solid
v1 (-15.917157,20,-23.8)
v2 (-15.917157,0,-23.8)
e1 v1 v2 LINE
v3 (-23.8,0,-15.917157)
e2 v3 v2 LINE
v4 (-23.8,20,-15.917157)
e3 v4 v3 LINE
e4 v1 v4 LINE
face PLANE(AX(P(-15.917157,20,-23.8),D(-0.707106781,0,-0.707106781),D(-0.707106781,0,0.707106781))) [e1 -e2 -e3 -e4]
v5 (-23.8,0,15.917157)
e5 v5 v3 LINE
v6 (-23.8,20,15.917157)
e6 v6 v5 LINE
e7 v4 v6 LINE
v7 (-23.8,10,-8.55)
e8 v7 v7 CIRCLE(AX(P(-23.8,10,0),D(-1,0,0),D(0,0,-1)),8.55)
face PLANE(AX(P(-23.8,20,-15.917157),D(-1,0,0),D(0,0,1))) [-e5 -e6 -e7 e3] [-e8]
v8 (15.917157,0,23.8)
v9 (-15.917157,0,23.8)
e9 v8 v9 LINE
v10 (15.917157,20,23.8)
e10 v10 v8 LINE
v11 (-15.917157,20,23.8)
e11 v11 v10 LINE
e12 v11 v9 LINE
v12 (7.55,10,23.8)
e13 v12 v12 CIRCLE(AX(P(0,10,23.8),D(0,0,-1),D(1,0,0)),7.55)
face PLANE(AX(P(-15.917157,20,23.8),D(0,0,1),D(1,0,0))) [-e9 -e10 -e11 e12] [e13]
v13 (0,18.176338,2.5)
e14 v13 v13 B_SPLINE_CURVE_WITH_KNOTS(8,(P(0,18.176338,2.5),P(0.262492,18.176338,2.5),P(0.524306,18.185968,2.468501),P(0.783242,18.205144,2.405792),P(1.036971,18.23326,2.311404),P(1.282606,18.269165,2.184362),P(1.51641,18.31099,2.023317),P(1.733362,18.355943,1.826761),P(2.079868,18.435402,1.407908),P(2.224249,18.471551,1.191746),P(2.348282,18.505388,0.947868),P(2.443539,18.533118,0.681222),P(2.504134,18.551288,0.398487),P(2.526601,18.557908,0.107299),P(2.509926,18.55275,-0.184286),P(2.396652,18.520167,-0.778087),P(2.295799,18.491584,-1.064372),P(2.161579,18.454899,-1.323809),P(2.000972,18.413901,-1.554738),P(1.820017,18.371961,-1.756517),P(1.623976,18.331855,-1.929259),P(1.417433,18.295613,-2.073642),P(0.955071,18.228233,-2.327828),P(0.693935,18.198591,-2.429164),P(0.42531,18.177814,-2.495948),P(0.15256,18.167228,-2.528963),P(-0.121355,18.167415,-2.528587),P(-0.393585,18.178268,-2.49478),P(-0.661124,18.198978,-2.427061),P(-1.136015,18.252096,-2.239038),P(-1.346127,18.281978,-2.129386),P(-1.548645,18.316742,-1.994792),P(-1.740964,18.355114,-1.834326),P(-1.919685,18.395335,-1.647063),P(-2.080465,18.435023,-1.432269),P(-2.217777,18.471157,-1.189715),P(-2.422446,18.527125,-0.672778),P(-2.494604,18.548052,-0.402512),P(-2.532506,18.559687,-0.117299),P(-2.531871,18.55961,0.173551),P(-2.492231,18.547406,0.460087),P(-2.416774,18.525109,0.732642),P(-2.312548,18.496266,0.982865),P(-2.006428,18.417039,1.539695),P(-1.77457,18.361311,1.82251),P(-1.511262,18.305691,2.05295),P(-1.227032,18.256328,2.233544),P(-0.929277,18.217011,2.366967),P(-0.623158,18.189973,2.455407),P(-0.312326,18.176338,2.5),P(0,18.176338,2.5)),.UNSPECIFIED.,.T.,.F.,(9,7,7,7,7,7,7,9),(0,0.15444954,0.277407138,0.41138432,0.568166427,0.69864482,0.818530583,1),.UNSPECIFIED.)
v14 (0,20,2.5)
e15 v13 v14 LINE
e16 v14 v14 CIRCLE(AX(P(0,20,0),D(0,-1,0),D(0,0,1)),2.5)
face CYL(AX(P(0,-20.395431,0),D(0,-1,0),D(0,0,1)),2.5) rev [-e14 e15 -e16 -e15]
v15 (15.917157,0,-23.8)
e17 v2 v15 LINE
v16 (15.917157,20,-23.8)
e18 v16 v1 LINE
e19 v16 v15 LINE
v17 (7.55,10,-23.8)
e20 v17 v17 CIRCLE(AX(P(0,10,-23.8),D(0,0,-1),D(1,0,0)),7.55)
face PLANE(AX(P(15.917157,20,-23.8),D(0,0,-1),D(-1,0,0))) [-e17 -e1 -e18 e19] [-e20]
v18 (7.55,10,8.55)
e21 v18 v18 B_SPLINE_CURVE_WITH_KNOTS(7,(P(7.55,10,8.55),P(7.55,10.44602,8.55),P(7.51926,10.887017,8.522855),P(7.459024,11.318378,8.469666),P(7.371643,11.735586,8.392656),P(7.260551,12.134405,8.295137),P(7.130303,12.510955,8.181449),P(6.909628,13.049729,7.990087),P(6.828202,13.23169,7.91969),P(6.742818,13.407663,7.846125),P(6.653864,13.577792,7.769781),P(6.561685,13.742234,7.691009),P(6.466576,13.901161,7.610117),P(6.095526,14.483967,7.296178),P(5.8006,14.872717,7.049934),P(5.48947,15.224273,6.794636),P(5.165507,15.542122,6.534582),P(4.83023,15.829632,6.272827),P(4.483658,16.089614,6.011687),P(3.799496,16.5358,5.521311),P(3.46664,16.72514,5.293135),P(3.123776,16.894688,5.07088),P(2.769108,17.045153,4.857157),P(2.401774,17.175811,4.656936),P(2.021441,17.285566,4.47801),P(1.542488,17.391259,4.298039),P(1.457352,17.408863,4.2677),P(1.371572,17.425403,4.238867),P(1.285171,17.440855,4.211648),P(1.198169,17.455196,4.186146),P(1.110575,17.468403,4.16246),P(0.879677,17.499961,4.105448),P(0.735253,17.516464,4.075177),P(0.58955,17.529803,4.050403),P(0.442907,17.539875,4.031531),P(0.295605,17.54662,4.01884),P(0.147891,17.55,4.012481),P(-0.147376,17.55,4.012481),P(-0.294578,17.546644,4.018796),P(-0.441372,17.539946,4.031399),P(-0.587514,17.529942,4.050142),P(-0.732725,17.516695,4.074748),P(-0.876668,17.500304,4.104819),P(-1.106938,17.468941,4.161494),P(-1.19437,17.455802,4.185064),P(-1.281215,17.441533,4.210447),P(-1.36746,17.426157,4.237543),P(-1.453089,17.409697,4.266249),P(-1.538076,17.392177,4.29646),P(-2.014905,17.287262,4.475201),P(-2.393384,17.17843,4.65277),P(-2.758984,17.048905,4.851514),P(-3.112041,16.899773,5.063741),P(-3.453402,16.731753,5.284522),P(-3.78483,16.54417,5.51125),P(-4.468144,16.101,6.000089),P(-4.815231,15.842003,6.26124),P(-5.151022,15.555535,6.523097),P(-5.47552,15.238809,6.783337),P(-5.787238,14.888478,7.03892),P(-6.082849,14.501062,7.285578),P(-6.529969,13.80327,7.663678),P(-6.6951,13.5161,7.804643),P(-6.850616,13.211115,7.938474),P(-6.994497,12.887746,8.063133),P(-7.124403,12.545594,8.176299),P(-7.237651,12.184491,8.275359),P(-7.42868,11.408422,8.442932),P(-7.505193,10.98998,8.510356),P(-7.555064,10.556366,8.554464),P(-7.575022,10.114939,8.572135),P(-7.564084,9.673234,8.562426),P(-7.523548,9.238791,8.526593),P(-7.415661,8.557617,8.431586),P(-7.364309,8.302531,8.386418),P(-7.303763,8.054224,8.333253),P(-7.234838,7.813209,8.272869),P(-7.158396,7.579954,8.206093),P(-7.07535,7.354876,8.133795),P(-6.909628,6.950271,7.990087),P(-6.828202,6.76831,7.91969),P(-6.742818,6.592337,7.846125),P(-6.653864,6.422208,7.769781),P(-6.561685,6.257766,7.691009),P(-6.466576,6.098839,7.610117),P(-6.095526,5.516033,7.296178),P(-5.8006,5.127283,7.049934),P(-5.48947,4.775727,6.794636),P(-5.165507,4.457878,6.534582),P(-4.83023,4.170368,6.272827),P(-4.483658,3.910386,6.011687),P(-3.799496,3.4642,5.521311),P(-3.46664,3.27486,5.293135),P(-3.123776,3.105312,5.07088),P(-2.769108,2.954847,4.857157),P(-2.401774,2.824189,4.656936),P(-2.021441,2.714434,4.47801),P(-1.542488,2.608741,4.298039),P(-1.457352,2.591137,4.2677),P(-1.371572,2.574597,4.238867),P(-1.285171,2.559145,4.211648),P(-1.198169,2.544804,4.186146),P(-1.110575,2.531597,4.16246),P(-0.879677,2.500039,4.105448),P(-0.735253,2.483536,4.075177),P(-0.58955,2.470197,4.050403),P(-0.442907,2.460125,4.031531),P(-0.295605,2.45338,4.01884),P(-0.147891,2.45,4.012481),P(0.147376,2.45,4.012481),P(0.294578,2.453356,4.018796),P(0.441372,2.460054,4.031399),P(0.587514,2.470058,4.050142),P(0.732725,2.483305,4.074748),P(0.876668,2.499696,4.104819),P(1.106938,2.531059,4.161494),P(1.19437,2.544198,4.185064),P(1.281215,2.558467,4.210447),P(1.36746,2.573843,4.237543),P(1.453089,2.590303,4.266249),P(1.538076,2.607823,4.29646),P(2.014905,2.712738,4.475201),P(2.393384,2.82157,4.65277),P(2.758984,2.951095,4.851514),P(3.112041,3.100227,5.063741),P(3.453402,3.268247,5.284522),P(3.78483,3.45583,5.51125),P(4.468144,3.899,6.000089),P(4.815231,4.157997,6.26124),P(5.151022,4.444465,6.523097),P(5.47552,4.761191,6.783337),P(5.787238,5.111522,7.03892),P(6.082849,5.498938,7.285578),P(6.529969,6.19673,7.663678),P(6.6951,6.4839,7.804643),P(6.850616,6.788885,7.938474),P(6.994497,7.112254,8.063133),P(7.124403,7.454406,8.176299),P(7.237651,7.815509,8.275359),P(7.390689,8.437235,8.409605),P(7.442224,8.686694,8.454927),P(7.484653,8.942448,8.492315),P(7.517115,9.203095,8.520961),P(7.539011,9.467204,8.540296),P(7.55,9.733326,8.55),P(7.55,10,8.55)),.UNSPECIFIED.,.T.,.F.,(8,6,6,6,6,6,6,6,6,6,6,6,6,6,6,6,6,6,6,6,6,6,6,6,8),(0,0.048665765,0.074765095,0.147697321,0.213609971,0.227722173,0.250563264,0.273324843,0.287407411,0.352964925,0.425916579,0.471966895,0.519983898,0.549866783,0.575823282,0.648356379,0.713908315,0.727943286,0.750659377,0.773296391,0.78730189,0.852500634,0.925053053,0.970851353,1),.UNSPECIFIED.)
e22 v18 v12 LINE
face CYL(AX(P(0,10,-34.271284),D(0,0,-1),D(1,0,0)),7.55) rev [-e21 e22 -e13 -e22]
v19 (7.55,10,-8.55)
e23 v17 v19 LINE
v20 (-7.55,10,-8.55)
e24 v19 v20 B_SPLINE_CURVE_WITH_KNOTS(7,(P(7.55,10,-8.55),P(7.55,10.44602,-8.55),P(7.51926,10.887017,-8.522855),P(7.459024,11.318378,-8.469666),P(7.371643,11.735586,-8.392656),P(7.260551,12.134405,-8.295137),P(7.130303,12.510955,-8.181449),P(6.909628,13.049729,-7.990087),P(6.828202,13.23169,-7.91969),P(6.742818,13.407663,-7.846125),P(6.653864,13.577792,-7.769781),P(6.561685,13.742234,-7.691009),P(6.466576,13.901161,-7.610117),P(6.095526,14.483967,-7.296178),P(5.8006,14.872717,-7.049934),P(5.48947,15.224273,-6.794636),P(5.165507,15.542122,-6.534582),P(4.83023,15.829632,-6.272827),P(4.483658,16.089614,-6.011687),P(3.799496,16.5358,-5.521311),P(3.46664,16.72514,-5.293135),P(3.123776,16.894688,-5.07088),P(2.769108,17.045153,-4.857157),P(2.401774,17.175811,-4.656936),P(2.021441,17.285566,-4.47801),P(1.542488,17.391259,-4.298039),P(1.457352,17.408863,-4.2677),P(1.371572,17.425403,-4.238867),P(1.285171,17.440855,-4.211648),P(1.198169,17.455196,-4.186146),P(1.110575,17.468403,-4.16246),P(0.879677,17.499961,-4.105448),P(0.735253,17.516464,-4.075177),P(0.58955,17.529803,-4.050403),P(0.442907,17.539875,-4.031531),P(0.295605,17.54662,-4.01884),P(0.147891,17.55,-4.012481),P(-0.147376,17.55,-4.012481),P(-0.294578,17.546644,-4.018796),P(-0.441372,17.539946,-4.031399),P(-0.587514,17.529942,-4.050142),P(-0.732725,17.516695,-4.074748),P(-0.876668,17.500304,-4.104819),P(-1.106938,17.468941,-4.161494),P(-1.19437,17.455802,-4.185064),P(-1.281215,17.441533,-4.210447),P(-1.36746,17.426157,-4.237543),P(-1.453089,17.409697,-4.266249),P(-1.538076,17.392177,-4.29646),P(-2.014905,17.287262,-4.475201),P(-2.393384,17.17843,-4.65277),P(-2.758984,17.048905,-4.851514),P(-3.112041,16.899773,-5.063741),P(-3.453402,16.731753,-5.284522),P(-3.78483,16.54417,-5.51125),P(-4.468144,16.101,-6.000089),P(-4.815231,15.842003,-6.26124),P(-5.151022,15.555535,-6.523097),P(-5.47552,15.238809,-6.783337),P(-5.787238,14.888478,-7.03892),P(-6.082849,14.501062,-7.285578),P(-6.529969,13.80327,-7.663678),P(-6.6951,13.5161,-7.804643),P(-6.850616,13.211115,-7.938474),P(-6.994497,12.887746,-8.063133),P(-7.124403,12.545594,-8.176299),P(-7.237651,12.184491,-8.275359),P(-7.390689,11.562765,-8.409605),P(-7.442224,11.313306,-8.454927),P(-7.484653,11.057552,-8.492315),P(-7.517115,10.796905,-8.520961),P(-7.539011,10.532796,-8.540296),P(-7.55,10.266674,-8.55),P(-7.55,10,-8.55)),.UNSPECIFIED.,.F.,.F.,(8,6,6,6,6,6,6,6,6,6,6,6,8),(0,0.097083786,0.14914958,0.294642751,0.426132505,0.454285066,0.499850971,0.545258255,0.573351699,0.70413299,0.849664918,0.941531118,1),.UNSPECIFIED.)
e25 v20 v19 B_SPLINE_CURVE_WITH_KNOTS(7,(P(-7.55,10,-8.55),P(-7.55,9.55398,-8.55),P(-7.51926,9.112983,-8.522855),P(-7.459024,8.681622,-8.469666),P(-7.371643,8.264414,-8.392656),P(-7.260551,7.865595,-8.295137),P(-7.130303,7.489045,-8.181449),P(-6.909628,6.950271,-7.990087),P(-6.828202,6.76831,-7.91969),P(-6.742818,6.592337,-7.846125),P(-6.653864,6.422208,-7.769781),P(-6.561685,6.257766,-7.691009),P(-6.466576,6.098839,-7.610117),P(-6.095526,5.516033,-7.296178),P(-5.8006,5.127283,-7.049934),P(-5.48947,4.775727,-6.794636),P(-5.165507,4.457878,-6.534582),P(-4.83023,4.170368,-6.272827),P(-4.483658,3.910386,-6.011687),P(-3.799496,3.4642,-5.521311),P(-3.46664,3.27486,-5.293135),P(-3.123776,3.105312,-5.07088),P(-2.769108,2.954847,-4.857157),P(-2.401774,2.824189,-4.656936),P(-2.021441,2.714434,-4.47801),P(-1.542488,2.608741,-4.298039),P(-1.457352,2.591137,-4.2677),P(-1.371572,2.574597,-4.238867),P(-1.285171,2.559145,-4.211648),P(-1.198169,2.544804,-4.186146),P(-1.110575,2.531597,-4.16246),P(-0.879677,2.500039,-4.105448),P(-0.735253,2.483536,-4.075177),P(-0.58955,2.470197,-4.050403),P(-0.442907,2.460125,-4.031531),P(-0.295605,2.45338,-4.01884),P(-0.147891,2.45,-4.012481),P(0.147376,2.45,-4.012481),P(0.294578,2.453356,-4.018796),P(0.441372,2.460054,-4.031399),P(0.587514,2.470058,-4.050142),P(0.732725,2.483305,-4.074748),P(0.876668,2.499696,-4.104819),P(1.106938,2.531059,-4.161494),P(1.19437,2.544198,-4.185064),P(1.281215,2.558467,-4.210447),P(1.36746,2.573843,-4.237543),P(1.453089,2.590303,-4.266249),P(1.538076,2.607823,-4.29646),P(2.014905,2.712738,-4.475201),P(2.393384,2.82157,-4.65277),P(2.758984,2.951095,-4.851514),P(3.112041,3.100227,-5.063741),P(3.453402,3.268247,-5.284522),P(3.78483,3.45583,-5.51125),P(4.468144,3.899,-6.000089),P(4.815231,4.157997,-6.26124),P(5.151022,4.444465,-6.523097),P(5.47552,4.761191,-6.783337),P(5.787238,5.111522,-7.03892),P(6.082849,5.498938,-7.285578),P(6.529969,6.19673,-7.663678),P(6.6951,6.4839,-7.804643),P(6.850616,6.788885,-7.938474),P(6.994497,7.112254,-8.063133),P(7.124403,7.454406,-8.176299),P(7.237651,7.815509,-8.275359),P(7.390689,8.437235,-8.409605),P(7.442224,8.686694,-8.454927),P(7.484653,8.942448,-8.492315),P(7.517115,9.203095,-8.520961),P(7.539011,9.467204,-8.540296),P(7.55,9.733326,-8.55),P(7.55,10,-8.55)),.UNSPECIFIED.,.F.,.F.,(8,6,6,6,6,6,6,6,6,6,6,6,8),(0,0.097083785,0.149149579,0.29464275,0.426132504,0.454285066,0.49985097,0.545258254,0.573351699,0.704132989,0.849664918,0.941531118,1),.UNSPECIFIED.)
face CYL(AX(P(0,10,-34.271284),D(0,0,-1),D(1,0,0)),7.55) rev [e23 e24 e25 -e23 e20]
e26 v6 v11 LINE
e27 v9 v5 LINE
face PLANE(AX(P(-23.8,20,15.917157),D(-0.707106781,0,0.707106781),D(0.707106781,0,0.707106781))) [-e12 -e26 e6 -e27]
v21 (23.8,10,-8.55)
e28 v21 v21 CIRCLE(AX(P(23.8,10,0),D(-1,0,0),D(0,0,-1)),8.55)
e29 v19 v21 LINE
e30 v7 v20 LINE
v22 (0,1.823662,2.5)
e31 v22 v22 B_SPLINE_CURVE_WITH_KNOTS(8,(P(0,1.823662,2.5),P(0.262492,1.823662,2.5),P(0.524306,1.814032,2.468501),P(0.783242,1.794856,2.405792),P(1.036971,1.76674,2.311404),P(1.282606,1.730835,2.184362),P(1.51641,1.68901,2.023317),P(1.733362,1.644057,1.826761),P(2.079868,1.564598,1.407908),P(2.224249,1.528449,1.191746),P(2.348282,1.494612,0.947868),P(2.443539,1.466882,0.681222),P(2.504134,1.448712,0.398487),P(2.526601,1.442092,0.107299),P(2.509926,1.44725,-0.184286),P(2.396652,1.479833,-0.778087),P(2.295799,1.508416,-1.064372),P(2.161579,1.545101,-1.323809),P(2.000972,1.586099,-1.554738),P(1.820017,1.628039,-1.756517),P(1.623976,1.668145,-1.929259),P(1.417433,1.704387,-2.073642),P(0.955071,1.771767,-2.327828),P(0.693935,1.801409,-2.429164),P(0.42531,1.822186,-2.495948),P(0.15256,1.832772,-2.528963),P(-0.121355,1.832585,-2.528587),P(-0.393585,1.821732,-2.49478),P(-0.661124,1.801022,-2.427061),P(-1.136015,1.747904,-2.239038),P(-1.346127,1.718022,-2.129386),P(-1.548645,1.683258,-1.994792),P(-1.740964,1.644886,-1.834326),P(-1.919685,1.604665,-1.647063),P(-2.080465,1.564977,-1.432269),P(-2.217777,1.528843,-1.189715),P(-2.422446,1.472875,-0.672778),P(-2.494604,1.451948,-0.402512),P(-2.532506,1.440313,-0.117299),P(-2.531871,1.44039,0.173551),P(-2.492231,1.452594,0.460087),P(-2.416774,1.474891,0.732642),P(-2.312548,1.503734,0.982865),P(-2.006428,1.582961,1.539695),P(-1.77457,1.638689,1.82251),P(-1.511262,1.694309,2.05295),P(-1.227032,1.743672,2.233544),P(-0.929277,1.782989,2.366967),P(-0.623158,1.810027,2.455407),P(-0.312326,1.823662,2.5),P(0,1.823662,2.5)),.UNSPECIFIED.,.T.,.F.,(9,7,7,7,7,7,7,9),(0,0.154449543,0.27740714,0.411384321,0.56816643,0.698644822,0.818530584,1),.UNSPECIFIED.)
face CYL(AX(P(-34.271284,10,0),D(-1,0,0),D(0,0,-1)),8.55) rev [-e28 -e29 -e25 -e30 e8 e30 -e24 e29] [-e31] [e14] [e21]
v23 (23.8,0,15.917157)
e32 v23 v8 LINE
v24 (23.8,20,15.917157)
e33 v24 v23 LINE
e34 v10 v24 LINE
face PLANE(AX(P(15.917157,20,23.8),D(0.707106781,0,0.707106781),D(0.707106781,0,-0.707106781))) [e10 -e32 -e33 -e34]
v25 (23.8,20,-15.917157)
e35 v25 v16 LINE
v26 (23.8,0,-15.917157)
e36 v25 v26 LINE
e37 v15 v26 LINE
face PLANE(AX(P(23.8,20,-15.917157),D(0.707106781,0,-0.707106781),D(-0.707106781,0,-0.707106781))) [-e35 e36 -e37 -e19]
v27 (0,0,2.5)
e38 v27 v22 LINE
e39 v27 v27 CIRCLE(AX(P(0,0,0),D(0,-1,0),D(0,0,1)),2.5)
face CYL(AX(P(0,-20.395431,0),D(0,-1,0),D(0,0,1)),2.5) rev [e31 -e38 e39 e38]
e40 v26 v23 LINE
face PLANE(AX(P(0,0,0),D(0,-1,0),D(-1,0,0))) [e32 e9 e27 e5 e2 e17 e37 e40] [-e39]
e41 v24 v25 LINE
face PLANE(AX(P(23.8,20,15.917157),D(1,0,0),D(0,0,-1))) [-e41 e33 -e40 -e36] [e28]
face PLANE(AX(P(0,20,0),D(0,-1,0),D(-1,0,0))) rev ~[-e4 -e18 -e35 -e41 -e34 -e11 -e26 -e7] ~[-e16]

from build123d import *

# Parameters (mm, degrees)
BOSS_EXTRUDE1_DEPTH     = 20
CUT_EXTRUDE1_DEPTH      = 58.271284253
CUT_EXTRUDE1_DEPTH_BACK = 58.271284253
SKETCH2_R               = 7.55
CUT_EXTRUDE2_DEPTH      = 58.271284253
CUT_EXTRUDE2_DEPTH_BACK = 58.271284253
SKETCH3_R               = 8.55
CUT_EXTRUDE3_DEPTH      = 40.395431329
CUT_EXTRUDE3_DEPTH_BACK = 40.395431329
SKETCH4_R               = 2.5
CUT_EXTRUDE4_DEPTH      = 40.39543138


with BuildPart() as part:
    # Sketch1 → Boss-Extrude1 (new body)
    with BuildSketch(Plane(origin=(0, 0, 0), x_dir=(1, 0, 0), z_dir=(0, 1, 0))):
        Polygon((-24, 16), (-16, 24), (16, 24), (24, 16), (24, -16), (16, -24), (-16, -24), (-24, -16), align=None)
    extrude(amount=BOSS_EXTRUDE1_DEPTH)

    # Sketch2 → Cut-Extrude1 (cut, two sides: drawn at the far end of the back side and taken through both)
    with BuildSketch(Plane.XY.offset(24).offset(-CUT_EXTRUDE1_DEPTH_BACK)):
        with Locations((0, 10)):
            Circle(SKETCH2_R)
    extrude(amount=CUT_EXTRUDE1_DEPTH + CUT_EXTRUDE1_DEPTH_BACK, mode=Mode.SUBTRACT)

    # Sketch3 → Cut-Extrude2 (cut, two sides: drawn at the far end of the back side and taken through both)
    with BuildSketch(Plane(origin=(24, 0, 0), x_dir=(0, 0, -1), z_dir=(1, 0, 0)).offset(-CUT_EXTRUDE2_DEPTH_BACK)):
        with Locations((0, 10)):
            Circle(SKETCH3_R)
    extrude(amount=CUT_EXTRUDE2_DEPTH + CUT_EXTRUDE2_DEPTH_BACK, mode=Mode.SUBTRACT)

    # Sketch4 → Cut-Extrude3 (cut, two sides: drawn at the far end of the back side and taken through both)
    with BuildSketch(Plane(origin=(0, 20, 0), x_dir=(1, 0, 0), z_dir=(0, 1, 0)).offset(-CUT_EXTRUDE3_DEPTH_BACK)):
        with Locations(Location((0, 0, 0), (0, 0, 270))):
            Circle(SKETCH4_R)
    extrude(amount=CUT_EXTRUDE3_DEPTH + CUT_EXTRUDE3_DEPTH_BACK, mode=Mode.SUBTRACT)

    # Sketch5 → Cut-Extrude4 (cut, through all)
    with BuildSketch(Plane(origin=(0, 20, 0), x_dir=(1, 0, 0), z_dir=(0, 1, 0))):
        Polygon((-24, 16), (-24, -16), (-16, -24), (16, -24), (24, -16), (24, 16), (16, 24), (-16, 24), align=None)
        Polygon((-23.8, 15.917157288), (-23.8, -15.917157288), (-15.917157288, -23.8), (15.917157288, -23.8), (23.8, -15.917157288), (23.8, 15.917157288), (15.917157288, 23.8), (-15.917157288, 23.8), align=None, mode=Mode.SUBTRACT)
    extrude(amount=-CUT_EXTRUDE4_DEPTH, mode=Mode.SUBTRACT)


solid = part.part
